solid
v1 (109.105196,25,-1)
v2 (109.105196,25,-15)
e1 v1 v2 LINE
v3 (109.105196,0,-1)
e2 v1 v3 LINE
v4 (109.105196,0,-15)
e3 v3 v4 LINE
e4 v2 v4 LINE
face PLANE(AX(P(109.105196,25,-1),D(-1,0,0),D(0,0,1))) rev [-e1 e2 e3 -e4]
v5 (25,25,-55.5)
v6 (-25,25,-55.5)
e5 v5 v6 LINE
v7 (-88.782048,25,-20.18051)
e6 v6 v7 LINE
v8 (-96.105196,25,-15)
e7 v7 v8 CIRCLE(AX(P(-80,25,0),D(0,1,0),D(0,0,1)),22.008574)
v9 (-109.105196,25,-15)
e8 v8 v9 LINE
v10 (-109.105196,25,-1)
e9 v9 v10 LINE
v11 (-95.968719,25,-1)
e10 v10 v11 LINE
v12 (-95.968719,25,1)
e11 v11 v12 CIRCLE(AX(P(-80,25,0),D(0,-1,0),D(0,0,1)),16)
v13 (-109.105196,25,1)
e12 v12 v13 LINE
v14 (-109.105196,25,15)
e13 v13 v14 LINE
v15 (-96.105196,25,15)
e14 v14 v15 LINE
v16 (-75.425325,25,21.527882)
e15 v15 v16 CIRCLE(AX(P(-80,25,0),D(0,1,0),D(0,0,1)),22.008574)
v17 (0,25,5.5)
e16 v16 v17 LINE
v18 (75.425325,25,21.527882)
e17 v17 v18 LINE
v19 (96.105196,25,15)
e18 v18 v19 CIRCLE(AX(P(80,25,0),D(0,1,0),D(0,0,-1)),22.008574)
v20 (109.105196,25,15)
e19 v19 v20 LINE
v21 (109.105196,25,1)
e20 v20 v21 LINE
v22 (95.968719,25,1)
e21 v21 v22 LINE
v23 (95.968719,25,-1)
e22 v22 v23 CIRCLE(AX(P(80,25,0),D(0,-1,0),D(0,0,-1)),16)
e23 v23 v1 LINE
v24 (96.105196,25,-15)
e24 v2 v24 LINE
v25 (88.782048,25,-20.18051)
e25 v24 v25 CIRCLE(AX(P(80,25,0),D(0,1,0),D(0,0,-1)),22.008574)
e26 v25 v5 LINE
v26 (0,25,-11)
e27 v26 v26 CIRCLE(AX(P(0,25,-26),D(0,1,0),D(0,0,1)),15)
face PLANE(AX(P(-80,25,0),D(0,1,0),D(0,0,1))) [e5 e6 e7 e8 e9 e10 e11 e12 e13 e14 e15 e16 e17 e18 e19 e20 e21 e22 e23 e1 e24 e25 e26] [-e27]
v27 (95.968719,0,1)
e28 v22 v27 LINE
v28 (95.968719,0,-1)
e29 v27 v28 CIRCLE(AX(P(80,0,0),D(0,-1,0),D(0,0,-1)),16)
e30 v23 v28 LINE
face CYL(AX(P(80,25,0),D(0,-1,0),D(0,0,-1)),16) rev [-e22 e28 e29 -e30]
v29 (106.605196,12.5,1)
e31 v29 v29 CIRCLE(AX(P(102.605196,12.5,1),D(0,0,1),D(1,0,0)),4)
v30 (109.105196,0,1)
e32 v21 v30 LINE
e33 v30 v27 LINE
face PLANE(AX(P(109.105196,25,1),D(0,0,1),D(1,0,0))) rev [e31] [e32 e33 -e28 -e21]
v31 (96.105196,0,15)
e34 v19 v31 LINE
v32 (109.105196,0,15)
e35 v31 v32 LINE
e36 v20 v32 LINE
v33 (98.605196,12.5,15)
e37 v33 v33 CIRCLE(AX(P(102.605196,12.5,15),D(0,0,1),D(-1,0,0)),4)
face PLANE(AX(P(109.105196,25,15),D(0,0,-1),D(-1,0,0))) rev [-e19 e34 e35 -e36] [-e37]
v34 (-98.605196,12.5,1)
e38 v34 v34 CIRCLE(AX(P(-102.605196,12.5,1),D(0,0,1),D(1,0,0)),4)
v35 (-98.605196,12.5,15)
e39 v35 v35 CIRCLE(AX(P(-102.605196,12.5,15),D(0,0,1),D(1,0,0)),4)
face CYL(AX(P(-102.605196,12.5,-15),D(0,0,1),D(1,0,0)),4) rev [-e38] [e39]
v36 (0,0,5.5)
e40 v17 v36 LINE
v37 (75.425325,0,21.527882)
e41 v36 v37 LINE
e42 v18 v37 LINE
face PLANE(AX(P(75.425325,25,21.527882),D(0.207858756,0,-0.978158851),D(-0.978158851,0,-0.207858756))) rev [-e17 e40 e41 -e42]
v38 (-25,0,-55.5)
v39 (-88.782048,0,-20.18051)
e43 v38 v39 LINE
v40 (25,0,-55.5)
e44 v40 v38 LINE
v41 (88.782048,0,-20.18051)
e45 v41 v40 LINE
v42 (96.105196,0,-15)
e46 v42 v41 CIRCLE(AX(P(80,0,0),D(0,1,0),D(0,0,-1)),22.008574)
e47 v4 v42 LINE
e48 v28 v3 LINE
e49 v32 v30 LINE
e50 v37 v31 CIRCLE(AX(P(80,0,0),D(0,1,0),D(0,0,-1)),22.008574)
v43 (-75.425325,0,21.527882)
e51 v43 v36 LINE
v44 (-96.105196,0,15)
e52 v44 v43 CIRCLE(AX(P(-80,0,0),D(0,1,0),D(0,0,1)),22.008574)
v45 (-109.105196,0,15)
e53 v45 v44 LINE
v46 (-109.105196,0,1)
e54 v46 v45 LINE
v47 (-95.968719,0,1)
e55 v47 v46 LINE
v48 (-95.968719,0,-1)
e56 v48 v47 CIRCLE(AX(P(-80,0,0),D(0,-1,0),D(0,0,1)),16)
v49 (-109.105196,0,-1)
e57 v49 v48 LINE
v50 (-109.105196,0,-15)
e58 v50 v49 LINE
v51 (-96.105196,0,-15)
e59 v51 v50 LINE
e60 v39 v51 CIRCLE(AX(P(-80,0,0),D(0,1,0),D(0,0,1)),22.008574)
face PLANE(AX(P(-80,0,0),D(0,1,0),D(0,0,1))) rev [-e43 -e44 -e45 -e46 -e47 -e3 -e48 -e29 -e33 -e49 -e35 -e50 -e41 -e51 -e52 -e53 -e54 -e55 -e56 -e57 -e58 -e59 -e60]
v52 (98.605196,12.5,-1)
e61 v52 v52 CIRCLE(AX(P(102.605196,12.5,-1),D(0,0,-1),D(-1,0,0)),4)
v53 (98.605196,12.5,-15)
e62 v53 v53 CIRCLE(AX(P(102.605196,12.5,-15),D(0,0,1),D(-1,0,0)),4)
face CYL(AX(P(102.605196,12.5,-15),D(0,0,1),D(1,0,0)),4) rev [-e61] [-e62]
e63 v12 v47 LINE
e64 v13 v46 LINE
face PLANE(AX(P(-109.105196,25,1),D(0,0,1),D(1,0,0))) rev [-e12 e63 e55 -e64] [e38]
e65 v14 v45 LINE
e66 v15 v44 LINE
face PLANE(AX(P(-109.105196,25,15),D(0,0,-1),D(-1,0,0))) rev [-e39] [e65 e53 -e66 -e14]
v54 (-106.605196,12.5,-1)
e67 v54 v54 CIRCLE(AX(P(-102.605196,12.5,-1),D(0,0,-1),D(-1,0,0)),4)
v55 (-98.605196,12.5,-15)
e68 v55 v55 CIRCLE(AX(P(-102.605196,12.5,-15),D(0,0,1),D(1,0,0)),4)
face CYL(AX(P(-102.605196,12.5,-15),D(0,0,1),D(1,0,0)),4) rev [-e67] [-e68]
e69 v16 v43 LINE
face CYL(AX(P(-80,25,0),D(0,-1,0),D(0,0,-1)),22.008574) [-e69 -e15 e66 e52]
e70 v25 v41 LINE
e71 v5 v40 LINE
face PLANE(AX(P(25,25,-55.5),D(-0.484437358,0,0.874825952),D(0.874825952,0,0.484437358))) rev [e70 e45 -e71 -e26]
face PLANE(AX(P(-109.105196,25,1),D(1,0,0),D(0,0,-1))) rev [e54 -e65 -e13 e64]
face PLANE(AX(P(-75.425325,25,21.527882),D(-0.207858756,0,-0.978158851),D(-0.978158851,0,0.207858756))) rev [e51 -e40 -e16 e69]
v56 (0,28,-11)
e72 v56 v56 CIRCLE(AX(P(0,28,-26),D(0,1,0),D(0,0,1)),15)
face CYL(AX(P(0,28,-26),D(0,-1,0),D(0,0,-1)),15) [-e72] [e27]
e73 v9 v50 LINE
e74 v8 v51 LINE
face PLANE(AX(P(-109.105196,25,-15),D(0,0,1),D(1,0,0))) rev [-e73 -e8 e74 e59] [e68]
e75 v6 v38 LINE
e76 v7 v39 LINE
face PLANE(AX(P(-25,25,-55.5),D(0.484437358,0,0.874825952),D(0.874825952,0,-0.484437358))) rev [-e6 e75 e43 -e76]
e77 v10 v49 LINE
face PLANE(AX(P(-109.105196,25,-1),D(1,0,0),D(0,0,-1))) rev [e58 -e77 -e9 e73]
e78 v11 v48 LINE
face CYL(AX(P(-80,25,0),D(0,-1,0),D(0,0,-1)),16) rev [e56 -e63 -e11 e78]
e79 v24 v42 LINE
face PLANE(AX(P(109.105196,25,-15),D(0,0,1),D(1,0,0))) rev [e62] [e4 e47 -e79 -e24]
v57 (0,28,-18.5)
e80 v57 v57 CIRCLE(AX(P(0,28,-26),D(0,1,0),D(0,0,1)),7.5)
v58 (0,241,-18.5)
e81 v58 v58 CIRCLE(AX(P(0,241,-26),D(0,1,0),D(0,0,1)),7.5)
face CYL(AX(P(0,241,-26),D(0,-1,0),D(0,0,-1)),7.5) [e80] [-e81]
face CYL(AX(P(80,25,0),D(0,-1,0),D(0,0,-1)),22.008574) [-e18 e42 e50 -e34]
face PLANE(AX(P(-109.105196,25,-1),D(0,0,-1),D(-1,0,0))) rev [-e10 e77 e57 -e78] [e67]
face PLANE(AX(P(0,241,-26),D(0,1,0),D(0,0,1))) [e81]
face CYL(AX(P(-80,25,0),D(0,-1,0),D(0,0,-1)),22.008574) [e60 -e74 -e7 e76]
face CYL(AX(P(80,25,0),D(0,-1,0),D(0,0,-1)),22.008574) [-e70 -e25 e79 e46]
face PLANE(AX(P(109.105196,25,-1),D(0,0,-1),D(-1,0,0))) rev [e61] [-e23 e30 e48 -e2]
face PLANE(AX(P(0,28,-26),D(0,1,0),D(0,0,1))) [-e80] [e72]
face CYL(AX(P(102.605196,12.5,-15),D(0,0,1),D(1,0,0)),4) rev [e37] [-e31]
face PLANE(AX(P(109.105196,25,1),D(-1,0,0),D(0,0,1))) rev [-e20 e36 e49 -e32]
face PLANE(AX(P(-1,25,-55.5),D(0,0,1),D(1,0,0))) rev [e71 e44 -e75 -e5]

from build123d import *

# Parameters (mm, degrees)
BOSS_EXTRUDE1_DEPTH = 25
SKETCH3_R           = 4
CUT_EXTRUDE1_DEPTH  = 15
SKETCH4_R           = 15
BOSS_EXTRUDE2_DEPTH = 3
SKETCH5_R           = 7.5
BOSS_EXTRUDE3_DEPTH = 213


with BuildPart() as part:
    # Sketch1 → Boss-Extrude1 (new body)
    with BuildSketch(Plane(origin=(0, 0, 0), x_dir=(1, 0, 0), z_dir=(0, 1, 0))):
        with BuildLine():
            Line((-25, 55.5), (-88.782047704, 20.180509757))
            ThreePointArc((-88.782047704, 20.180509757), (-92.710355788, 17.967308971), (-96.105195929, 15))
            Line((-96.105195929, 15), (-109.105195929, 15))
            Line((-109.105195929, 15), (-109.105195929, 1))
            Line((-109.105195929, 1), (-95.968719423, 1))
            ThreePointArc((-95.968719423, 1), (-64, 0), (-95.968719423, -1))
            Line((-95.968719423, -1), (-109.105195929, -1))
            Line((-109.105195929, -1), (-109.105195929, -15))
            Line((-109.105195929, -15), (-96.105195929, -15))
            ThreePointArc((-96.105195929, -15), (-86.625068957, -20.987753506), (-75.425325161, -21.527881597))
            Line((-75.425325161, -21.527881597), (0, -5.5))
            Line((0, -5.5), (75.425325161, -21.527881597))
            ThreePointArc((75.425325161, -21.527881597), (86.625068957, -20.987753506), (96.105195929, -15))
            Line((96.105195929, -15), (109.105195929, -15))
            Line((109.105195929, -15), (109.105195929, -1))
            Line((109.105195929, -1), (95.968719423, -1))
            ThreePointArc((95.968719423, -1), (64, 0), (95.968719423, 1))
            Line((95.968719423, 1), (109.105195929, 1))
            Line((109.105195929, 1), (109.105195929, 15))
            Line((109.105195929, 15), (96.105195929, 15))
            ThreePointArc((96.105195929, 15), (92.710355788, 17.967308971), (88.782047704, 20.180509757))
            Line((88.782047704, 20.180509757), (25, 55.5))
            Line((25, 55.5), (1, 55.5))
            Line((1, 55.5), (-1, 55.5))
            Line((-1, 55.5), (-25, 55.5))
        make_face()
    extrude(amount=BOSS_EXTRUDE1_DEPTH)

    # Sketch3 → Cut-Extrude1 (cut, symmetric)
    with BuildSketch(Plane.XY):
        with Locations((-102.605195929, 12.5)):
            Circle(SKETCH3_R)
        with Locations(Location((102.605195929, 12.5, 0), (0, 0, 180))):
            Circle(SKETCH3_R)
    extrude(amount=CUT_EXTRUDE1_DEPTH, both=True, mode=Mode.SUBTRACT)

    # Sketch4 → Boss-Extrude2 (add)
    with BuildSketch(Plane(origin=(0, 25, 0), x_dir=(1, 0, 0), z_dir=(0, 1, 0))):
        with Locations(Location((0, 26, 0), (0, 0, 270))):
            Circle(SKETCH4_R)
    extrude(amount=BOSS_EXTRUDE2_DEPTH)

    # Sketch5 → Boss-Extrude3 (add)
    with BuildSketch(Plane(origin=(0, 28, 0), x_dir=(1, 0, 0), z_dir=(0, 1, 0))):
        with Locations(Location((0, 26, 0), (0, 0, 270))):
            Circle(SKETCH5_R)
    extrude(amount=BOSS_EXTRUDE3_DEPTH)


solid = part.part
